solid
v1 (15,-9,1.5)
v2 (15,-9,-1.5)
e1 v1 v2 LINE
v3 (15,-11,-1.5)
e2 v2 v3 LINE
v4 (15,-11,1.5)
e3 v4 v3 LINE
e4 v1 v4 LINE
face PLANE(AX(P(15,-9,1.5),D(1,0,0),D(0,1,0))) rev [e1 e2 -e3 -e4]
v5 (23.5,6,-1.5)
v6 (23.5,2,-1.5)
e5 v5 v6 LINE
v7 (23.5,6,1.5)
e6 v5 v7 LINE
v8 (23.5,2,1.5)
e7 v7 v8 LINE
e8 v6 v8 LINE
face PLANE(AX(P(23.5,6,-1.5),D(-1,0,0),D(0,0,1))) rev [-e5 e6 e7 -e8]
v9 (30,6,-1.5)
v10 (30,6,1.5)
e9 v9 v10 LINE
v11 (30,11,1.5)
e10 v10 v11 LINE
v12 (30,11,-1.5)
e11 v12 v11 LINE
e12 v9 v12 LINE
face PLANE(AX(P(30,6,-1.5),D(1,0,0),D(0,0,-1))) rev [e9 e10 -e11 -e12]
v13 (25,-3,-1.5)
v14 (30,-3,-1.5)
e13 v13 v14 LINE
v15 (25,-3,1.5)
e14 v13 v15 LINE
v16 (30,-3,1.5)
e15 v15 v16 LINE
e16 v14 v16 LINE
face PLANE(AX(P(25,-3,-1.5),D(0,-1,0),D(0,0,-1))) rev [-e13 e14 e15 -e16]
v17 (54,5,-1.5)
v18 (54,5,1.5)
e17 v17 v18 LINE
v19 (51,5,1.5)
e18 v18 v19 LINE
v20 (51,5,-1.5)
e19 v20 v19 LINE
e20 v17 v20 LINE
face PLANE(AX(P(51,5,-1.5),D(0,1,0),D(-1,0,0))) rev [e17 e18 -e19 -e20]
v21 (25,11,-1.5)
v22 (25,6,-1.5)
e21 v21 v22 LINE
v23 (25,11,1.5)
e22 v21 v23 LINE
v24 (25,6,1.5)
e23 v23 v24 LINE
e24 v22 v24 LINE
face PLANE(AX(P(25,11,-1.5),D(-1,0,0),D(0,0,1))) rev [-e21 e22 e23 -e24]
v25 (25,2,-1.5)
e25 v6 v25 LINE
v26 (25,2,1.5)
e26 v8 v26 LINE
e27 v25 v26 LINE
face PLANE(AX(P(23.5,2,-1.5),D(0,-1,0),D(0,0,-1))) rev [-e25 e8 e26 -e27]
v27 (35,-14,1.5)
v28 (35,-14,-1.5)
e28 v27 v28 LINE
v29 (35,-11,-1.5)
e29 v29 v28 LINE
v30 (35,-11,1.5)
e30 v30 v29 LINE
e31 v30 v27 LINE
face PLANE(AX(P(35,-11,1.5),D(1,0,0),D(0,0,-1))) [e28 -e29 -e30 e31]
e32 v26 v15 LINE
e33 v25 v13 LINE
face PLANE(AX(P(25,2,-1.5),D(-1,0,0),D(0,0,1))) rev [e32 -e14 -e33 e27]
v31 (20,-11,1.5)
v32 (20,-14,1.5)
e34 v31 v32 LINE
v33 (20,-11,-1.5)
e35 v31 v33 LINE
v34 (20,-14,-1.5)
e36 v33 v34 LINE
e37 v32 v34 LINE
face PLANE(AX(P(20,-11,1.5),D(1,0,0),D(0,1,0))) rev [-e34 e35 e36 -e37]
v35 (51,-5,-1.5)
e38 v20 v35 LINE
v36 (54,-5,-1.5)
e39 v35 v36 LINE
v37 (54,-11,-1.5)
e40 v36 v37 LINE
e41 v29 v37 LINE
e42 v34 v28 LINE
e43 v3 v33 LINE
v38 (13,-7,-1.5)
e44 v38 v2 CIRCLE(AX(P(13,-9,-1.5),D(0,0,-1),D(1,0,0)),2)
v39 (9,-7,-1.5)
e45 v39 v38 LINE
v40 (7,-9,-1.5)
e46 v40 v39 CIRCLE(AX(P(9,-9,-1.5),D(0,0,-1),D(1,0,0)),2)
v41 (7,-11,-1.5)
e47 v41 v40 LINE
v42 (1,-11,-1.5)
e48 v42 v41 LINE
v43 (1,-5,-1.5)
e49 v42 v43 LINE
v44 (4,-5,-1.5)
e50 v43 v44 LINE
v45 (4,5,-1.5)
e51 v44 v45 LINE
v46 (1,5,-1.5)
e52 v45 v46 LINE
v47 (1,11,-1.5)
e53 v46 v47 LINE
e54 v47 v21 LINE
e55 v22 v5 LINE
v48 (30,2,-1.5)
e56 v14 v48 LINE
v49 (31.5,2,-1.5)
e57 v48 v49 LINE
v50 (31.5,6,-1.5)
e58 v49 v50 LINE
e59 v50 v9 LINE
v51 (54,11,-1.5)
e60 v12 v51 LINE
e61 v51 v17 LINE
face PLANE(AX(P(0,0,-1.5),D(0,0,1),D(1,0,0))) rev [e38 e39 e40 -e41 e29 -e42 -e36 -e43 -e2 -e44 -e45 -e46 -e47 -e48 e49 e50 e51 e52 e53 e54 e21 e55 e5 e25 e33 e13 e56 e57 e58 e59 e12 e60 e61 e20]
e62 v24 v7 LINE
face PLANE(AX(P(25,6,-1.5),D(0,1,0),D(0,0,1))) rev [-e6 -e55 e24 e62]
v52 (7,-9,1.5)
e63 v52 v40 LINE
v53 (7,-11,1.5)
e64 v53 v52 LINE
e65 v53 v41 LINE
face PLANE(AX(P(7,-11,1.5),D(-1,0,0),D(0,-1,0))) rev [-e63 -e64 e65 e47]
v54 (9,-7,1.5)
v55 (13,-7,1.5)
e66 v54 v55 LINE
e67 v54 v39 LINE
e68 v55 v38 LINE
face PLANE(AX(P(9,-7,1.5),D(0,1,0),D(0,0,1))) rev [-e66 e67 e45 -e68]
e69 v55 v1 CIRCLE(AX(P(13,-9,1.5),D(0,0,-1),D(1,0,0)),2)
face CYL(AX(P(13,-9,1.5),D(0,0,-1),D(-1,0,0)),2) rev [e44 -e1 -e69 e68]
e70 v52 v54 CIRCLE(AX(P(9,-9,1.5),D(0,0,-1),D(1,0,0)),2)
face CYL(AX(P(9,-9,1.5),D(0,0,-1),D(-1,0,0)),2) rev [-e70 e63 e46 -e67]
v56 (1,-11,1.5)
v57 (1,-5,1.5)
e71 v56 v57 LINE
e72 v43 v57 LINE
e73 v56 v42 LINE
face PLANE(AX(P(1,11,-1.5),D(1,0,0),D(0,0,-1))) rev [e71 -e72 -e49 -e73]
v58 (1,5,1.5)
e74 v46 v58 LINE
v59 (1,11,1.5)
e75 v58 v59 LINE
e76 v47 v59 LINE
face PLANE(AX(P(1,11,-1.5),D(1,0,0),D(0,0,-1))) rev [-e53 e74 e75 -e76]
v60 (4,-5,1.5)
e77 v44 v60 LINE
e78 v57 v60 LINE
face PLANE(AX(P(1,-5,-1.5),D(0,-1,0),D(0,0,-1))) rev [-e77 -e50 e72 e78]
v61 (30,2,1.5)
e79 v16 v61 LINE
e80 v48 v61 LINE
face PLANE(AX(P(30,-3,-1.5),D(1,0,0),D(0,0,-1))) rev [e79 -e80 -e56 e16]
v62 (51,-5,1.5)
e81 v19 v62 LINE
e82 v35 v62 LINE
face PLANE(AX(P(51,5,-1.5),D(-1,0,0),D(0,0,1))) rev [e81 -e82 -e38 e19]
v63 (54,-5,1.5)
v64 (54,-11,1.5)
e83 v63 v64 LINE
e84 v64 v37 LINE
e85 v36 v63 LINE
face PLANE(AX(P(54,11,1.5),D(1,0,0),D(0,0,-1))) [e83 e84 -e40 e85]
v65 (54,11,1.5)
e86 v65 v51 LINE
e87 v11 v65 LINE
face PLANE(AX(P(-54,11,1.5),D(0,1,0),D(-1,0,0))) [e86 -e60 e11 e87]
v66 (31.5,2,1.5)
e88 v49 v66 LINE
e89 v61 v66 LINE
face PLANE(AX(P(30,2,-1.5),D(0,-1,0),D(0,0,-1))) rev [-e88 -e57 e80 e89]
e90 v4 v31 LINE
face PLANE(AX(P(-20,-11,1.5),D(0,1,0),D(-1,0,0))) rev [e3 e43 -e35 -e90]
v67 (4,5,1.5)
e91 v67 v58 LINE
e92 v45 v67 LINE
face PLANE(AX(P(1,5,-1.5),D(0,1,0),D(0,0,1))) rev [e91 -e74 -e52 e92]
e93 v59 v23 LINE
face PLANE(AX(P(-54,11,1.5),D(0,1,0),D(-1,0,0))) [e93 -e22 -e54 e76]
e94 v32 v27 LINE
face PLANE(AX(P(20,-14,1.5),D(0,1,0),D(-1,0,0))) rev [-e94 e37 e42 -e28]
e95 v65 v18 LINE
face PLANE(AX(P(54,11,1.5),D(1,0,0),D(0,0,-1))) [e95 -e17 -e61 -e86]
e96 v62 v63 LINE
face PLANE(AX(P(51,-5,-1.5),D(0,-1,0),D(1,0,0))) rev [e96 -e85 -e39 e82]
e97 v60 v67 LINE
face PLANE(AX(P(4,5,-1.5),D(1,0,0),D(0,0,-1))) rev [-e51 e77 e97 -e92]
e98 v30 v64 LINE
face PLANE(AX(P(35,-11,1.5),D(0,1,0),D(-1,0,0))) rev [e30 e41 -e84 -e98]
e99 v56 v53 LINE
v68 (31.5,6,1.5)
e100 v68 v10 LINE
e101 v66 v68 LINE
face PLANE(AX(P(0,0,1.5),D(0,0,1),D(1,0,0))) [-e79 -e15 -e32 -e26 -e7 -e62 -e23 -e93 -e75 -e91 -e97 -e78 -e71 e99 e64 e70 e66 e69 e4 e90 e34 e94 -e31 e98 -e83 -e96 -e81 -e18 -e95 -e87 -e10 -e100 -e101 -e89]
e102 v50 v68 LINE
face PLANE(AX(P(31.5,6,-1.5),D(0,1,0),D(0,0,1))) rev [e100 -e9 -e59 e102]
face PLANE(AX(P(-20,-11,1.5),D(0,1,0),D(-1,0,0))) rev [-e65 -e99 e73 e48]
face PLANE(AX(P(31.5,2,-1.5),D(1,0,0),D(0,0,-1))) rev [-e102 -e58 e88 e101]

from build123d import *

# Parameters (mm, degrees)
BOSS_EXTRUDE1_DEPTH = 1.5
SKETCH2_W           = 3
SKETCH2_H           = 10
CUT_EXTRUDE1_DEPTH  = 56.865910894
SKETCH3_W           = 55
SKETCH3_H           = 25
CUT_EXTRUDE2_DEPTH  = 56.865910894
CUT_EXTRUDE3_DEPTH  = 56.865910894
CUT_EXTRUDE4_DEPTH  = 56.865910894


with BuildPart() as part:
    # Sketch1 → Boss-Extrude1 (new, symmetric)
    with BuildSketch(Plane.XY):
        Polygon((-20, -11), (20, -11), (20, -14), (35, -14), (35, -11), (54, -11), (54, 11), (-54, 11), (-54, -11), (-35, -11), (-35, -14), (-20, -14), align=None)
    extrude(amount=BOSS_EXTRUDE1_DEPTH, both=True)

    # Sketch2 → Cut-Extrude1 (cut, through all)
    with BuildSketch(Plane.XY.offset(1.5)):
        with Locations((2.5, 0)):
            Rectangle(SKETCH2_W, SKETCH2_H)
        with Locations((52.5, 0)):
            Rectangle(SKETCH2_W, SKETCH2_H)
    extrude(amount=-CUT_EXTRUDE1_DEPTH, mode=Mode.SUBTRACT)

    # Sketch3 → Cut-Extrude2 (cut, through all)
    with BuildSketch(Plane.XY.offset(1.5)):
        with Locations((-26.5, -1.5)):
            Rectangle(SKETCH3_W, SKETCH3_H)
    extrude(amount=-CUT_EXTRUDE2_DEPTH, mode=Mode.SUBTRACT)

    # Sketch4 → Cut-Extrude3 (cut, through all)
    with BuildSketch(Plane(origin=(0, 0, -1.5), x_dir=(-1, 0, 0), z_dir=(0, 0, -1))):
        with BuildLine():
            Line((-7, -11), (-7, -9))
            ThreePointArc((-7, -9), (-7.585786438, -7.585786438), (-9, -7))
            Line((-9, -7), (-13, -7))
            ThreePointArc((-13, -7), (-14.414213562, -7.585786438), (-15, -9))
            Line((-15, -9), (-15, -11))
            Line((-15, -11), (-7, -11))
        make_face()
    extrude(amount=-CUT_EXTRUDE3_DEPTH, mode=Mode.SUBTRACT)

    # Sketch5 → Cut-Extrude4 (cut, through all)
    with BuildSketch(Plane.XY.offset(1.5)):
        Polygon((25, 11), (25, 6), (23.5, 6), (23.5, 2), (25, 2), (25, -3), (30, -3), (30, 2), (31.5, 2), (31.5, 6), (30, 6), (30, 11), align=None)
    extrude(amount=-CUT_EXTRUDE4_DEPTH, mode=Mode.SUBTRACT)


solid = part.part
